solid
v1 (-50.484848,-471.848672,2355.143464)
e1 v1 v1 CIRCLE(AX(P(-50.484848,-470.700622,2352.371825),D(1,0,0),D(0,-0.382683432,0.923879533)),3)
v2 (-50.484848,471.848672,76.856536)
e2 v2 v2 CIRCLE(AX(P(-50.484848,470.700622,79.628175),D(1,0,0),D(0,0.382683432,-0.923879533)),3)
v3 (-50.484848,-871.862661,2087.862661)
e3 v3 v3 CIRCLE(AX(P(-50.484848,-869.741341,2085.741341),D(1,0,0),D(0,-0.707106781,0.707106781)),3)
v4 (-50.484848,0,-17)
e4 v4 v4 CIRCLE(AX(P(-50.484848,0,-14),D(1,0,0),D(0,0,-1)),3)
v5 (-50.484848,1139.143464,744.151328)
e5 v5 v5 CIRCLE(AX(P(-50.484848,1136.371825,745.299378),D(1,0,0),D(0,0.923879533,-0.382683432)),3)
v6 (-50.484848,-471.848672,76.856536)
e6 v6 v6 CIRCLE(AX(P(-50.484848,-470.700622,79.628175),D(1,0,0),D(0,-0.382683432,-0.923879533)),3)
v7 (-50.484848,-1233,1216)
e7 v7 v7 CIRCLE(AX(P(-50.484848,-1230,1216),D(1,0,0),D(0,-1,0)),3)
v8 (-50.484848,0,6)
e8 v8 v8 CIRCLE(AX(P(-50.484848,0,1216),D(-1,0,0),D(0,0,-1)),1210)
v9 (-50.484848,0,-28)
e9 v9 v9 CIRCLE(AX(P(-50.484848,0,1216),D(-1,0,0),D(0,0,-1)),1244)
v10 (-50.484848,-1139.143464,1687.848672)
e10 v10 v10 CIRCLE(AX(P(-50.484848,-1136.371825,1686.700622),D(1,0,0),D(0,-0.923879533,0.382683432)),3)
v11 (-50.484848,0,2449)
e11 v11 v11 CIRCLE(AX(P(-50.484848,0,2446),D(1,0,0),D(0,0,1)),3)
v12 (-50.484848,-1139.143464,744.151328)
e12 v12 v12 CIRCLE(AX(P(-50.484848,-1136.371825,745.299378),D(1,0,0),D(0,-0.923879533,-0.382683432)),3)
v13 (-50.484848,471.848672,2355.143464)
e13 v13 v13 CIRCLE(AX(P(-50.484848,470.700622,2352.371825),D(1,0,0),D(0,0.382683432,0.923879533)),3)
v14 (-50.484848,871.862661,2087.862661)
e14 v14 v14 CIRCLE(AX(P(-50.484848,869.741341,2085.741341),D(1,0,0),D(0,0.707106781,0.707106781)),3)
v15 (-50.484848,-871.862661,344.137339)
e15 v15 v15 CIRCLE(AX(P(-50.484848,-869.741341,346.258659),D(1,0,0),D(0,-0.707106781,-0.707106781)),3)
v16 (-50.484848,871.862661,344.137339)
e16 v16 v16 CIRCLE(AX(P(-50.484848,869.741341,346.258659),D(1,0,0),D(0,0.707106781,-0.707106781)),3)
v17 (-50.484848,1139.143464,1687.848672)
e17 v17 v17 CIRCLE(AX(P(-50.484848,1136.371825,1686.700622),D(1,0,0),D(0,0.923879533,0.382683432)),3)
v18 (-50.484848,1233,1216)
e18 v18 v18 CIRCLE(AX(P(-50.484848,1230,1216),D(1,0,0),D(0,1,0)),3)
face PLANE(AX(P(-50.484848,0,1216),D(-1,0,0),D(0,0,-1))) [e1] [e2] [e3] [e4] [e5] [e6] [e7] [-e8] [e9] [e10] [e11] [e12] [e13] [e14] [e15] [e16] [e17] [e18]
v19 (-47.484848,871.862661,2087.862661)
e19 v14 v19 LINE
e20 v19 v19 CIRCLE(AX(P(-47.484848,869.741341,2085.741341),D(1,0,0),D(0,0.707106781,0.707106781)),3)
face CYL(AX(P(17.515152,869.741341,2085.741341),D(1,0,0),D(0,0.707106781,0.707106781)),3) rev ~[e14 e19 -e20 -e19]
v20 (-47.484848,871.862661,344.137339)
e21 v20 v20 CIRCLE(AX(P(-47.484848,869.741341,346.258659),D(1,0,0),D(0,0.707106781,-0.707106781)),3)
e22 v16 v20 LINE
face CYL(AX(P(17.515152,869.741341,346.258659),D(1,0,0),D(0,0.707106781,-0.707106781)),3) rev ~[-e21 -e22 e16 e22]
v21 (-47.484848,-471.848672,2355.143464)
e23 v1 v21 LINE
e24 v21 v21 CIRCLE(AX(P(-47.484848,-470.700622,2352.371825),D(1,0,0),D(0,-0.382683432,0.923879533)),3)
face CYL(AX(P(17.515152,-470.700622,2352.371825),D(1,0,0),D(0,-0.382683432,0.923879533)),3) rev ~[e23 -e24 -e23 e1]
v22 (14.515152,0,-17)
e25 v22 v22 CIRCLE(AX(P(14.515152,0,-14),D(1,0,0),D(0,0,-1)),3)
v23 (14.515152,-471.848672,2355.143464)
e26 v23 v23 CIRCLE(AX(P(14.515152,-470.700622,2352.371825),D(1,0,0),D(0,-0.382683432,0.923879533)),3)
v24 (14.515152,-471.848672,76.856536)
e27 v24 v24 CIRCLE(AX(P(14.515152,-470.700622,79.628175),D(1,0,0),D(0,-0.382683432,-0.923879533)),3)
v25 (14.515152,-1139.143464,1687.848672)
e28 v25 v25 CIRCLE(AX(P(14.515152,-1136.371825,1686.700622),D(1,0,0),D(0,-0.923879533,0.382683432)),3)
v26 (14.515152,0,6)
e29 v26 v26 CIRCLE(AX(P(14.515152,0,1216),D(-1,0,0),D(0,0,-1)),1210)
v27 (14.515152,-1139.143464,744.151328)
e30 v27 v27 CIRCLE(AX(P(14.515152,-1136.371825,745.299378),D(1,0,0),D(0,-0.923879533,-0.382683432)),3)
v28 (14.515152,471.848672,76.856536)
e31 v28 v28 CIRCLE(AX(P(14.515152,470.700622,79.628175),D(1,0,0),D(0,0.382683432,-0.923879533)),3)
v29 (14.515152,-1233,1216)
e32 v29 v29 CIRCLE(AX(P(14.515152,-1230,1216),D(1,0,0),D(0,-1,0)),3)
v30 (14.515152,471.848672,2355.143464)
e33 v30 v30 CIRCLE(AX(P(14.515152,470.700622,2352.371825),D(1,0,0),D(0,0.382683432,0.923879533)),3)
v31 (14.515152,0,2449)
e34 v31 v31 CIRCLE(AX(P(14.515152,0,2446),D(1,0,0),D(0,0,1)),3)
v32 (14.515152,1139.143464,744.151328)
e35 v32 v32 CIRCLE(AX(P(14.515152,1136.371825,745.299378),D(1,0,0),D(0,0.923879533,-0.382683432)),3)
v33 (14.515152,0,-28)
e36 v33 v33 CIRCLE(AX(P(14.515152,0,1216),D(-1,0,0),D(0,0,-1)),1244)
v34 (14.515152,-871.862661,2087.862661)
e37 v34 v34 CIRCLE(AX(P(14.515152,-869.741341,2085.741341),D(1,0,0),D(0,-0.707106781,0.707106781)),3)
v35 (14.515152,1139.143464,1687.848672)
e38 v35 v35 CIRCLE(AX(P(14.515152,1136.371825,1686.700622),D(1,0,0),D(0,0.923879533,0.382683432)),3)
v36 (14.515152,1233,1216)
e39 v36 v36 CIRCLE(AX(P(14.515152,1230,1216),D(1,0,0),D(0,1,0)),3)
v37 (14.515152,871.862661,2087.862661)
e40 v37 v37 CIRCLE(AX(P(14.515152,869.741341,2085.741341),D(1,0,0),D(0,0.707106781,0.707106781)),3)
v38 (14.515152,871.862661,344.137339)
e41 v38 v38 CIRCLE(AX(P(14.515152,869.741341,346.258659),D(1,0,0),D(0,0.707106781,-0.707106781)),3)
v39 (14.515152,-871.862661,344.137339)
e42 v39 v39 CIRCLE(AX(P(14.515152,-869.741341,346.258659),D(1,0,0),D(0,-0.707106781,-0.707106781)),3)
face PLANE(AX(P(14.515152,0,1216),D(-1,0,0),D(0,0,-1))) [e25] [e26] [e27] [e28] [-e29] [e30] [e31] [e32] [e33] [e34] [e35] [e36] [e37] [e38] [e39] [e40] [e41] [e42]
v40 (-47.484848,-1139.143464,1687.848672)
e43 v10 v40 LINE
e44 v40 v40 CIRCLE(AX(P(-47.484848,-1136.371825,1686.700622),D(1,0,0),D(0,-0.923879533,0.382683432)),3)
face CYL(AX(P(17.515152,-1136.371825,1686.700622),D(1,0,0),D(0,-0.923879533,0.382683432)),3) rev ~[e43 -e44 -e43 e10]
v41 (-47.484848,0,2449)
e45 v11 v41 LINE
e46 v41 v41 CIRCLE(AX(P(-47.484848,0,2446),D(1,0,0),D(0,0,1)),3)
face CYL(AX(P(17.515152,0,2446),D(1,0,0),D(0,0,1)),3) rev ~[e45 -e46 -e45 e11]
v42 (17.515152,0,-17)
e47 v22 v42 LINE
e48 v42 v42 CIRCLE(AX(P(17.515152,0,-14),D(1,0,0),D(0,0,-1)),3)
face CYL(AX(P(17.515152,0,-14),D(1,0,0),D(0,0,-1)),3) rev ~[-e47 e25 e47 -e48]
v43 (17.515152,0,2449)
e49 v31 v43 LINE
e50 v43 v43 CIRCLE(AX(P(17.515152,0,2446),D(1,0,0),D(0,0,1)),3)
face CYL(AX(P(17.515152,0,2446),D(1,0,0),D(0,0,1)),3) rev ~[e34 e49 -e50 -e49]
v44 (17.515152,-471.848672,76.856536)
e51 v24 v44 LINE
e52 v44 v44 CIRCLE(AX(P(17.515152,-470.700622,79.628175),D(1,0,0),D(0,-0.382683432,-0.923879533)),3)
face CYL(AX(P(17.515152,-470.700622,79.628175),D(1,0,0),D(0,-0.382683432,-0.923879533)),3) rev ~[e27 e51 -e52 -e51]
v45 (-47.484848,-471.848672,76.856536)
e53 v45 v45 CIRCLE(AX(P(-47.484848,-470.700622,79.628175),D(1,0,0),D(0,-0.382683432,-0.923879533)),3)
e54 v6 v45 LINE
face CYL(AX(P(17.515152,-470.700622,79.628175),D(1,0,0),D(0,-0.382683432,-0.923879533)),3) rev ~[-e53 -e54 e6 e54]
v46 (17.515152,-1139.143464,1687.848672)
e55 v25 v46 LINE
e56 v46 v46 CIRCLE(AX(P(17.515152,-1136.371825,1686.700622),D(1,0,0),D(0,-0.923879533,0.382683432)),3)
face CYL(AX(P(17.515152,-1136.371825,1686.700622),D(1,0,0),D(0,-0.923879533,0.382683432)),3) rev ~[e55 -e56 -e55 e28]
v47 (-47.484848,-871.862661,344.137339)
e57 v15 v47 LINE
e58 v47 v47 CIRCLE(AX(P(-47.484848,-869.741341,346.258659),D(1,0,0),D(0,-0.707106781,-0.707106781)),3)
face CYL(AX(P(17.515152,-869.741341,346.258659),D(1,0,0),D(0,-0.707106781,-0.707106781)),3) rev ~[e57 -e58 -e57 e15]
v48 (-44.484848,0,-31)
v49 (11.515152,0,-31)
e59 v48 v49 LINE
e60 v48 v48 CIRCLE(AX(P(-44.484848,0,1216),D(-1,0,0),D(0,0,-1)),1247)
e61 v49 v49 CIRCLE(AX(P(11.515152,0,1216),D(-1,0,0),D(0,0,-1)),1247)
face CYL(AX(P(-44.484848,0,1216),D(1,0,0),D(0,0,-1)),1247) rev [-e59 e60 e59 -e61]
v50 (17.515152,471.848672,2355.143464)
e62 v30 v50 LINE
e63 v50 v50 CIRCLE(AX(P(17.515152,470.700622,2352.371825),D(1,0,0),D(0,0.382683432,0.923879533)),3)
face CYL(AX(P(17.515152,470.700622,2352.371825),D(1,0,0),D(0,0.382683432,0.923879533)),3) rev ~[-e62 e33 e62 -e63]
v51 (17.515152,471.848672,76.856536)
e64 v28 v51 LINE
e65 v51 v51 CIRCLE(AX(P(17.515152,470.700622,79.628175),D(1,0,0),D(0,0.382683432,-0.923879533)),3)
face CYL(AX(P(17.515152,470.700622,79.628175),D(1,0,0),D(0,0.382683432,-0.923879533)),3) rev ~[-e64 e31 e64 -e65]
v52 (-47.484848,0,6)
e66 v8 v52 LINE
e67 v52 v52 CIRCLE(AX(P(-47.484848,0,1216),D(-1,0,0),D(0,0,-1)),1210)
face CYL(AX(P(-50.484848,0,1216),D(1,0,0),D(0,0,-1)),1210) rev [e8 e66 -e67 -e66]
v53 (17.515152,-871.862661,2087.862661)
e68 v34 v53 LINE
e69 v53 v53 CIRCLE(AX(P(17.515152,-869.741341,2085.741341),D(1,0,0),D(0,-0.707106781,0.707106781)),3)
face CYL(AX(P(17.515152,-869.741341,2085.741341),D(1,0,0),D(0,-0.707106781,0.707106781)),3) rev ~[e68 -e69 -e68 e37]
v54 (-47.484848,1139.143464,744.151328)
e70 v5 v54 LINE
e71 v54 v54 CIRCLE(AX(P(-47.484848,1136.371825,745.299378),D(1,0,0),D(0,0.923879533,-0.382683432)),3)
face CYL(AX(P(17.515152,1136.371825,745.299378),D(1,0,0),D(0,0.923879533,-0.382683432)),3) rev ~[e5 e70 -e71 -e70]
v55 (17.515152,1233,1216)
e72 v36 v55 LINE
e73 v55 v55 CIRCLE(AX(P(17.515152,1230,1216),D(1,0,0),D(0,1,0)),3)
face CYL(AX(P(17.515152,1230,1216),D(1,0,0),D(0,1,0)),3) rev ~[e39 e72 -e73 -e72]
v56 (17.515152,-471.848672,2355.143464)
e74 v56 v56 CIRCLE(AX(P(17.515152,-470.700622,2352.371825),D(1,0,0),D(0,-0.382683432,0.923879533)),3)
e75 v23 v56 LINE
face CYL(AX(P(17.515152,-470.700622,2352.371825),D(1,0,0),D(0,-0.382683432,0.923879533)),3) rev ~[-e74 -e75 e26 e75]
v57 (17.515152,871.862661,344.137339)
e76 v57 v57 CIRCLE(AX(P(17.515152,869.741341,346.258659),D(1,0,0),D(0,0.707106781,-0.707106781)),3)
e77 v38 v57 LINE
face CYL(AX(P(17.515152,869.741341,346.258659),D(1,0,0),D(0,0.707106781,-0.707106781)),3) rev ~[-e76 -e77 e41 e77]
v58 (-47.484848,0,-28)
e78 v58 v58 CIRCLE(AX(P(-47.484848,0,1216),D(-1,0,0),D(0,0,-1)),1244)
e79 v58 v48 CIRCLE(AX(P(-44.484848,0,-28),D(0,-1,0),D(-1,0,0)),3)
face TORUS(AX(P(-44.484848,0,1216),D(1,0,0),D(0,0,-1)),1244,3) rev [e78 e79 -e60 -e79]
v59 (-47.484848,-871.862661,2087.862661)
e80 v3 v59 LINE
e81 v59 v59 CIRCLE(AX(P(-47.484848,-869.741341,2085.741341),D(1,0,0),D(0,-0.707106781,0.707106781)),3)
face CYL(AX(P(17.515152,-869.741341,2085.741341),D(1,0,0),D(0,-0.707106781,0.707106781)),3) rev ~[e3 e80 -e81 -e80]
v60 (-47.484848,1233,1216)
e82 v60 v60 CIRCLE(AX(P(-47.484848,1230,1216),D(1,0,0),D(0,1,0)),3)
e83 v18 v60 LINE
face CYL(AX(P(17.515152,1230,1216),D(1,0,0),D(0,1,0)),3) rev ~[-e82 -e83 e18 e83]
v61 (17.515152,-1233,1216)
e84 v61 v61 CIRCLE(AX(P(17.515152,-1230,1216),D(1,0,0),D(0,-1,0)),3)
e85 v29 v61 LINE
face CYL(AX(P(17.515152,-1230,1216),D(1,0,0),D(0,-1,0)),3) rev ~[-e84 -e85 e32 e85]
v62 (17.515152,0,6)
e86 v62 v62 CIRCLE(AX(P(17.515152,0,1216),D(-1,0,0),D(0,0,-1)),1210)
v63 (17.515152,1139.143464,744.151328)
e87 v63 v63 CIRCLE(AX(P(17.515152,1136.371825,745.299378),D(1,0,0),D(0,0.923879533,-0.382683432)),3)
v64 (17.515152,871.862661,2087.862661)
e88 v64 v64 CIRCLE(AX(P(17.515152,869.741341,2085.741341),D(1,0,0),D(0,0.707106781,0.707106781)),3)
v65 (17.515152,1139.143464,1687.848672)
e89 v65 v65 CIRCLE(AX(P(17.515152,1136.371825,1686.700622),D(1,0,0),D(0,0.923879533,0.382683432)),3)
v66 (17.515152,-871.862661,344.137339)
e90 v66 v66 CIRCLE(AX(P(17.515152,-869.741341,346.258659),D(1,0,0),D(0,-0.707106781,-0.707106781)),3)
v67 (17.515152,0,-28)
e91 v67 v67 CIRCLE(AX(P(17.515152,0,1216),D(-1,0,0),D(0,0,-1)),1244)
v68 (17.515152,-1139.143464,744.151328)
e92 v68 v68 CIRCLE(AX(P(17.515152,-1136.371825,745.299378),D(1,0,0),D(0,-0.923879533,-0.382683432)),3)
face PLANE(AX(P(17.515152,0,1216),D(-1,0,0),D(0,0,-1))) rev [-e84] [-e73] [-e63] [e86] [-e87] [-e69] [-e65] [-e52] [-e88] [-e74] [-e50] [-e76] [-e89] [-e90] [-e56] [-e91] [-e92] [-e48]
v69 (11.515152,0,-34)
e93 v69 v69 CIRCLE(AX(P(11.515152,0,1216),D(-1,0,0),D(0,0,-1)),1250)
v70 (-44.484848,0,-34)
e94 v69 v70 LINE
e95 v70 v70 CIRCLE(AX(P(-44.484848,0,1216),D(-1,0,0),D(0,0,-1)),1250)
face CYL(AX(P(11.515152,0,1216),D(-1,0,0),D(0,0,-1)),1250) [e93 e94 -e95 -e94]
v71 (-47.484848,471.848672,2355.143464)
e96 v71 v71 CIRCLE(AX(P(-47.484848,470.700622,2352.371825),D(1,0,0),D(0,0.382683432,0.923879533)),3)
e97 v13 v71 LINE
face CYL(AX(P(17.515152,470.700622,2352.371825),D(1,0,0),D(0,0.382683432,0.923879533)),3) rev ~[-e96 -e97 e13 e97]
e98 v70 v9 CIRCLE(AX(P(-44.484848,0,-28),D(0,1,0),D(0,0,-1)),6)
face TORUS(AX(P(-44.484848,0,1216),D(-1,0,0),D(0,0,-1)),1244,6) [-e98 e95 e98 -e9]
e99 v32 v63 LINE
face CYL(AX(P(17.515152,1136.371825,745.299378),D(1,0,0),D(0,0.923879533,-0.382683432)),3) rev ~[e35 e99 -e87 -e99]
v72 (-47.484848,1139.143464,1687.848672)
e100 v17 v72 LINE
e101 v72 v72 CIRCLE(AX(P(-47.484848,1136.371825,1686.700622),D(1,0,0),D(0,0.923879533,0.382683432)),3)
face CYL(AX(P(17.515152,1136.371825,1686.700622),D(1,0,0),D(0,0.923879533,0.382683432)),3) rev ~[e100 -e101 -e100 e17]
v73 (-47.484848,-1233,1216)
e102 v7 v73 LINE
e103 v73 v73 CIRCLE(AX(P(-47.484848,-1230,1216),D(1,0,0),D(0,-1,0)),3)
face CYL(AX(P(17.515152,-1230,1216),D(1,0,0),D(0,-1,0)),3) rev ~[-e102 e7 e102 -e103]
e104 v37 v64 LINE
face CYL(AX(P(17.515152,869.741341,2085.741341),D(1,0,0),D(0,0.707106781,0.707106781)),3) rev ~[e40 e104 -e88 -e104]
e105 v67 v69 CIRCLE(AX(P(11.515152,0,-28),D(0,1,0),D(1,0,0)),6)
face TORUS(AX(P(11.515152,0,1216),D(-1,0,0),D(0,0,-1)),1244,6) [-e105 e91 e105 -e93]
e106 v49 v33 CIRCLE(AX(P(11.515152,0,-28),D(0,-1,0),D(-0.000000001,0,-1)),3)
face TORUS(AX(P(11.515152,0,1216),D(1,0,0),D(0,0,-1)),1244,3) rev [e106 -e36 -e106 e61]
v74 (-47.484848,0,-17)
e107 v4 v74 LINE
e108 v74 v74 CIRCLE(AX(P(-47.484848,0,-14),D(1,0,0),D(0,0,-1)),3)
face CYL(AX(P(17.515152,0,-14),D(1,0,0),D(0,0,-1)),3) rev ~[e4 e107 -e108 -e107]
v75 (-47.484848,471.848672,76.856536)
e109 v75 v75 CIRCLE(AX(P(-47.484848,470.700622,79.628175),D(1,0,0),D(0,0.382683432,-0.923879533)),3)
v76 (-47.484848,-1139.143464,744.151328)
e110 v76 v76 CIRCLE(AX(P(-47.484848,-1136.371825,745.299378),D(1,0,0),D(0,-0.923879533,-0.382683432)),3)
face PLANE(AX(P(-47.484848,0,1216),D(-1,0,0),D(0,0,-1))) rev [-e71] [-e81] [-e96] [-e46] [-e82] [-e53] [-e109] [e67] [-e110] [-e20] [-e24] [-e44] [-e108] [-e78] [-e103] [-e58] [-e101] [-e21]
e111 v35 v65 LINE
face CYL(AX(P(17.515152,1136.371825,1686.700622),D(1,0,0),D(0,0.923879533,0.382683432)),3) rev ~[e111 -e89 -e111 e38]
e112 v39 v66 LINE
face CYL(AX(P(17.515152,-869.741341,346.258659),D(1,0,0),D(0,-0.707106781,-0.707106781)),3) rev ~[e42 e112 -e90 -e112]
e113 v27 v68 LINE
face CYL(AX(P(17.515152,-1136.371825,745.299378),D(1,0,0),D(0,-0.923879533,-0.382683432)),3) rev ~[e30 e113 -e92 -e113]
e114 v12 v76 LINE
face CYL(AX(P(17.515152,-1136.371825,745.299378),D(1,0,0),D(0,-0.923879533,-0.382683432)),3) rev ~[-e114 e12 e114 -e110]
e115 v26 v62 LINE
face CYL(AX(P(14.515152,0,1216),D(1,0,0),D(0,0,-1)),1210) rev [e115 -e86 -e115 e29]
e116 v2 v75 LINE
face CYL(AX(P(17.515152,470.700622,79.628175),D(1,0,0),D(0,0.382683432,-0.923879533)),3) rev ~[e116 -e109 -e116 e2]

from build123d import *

# Parameters (mm, degrees)
SKETCH2_R          = 3
CUT_EXTRUDE1_DEPTH = 2766.552386142
CIRPATTERN1_COUNT  = 16


with BuildPart() as part:
    # Sketch1 → Revolve1 (revolve)
    with BuildSketch(Plane(origin=(0, 0, 0), x_dir=(1, 0, 0), z_dir=(0, 1, 0))):
        with BuildLine():
            Line((11.515151515, 34), (-44.484848485, 34))
            ThreePointArc((-44.484848485, 34), (-48.727489172, 32.242640687), (-50.484848485, 28))
            Line((-50.484848485, 28), (-50.484848485, -6))
            Line((-50.484848485, -6), (-47.484848485, -6))
            Line((-47.484848485, -6), (-47.484848485, 28))
            ThreePointArc((-47.484848485, 28), (-46.606168828, 30.121320344), (-44.484848485, 31))
            Line((-44.484848485, 31), (11.515151515, 31))
            ThreePointArc((11.515151515, 31), (13.636471859, 30.121320344), (14.515151515, 28))
            Line((14.515151515, 28), (14.515151515, -6))
            Line((14.515151515, -6), (17.515151515, -6))
            Line((17.515151515, -6), (17.515151515, 28))
            ThreePointArc((17.515151515, 28), (15.757792202, 32.242640687), (11.515151515, 34))
        make_face()
    revolve(axis=Axis((-31.365035631, 0, 1216), (-1, 0, 0)))

    # Sketch2 → Cut-Extrude1 (cut, symmetric)
    with BuildSketch(Plane(origin=(17.515151515, 0, 0), x_dir=(0, 0, -1), z_dir=(1, 0, 0))):
        with Locations((14, 0)):
            Circle(SKETCH2_R)
    cut_extrude1 = extrude(amount=CUT_EXTRUDE1_DEPTH, both=True, mode=Mode.SUBTRACT)

    # CirPattern1: Cut-Extrude1 ×16 about axis
    cirpattern1_axis = Axis((0, 0, 1216), (1, 0, 0))
    for i in range(1, CIRPATTERN1_COUNT):
        add(cut_extrude1.rotate(cirpattern1_axis, i * 360 / CIRPATTERN1_COUNT), mode=Mode.SUBTRACT)


solid = part.part
